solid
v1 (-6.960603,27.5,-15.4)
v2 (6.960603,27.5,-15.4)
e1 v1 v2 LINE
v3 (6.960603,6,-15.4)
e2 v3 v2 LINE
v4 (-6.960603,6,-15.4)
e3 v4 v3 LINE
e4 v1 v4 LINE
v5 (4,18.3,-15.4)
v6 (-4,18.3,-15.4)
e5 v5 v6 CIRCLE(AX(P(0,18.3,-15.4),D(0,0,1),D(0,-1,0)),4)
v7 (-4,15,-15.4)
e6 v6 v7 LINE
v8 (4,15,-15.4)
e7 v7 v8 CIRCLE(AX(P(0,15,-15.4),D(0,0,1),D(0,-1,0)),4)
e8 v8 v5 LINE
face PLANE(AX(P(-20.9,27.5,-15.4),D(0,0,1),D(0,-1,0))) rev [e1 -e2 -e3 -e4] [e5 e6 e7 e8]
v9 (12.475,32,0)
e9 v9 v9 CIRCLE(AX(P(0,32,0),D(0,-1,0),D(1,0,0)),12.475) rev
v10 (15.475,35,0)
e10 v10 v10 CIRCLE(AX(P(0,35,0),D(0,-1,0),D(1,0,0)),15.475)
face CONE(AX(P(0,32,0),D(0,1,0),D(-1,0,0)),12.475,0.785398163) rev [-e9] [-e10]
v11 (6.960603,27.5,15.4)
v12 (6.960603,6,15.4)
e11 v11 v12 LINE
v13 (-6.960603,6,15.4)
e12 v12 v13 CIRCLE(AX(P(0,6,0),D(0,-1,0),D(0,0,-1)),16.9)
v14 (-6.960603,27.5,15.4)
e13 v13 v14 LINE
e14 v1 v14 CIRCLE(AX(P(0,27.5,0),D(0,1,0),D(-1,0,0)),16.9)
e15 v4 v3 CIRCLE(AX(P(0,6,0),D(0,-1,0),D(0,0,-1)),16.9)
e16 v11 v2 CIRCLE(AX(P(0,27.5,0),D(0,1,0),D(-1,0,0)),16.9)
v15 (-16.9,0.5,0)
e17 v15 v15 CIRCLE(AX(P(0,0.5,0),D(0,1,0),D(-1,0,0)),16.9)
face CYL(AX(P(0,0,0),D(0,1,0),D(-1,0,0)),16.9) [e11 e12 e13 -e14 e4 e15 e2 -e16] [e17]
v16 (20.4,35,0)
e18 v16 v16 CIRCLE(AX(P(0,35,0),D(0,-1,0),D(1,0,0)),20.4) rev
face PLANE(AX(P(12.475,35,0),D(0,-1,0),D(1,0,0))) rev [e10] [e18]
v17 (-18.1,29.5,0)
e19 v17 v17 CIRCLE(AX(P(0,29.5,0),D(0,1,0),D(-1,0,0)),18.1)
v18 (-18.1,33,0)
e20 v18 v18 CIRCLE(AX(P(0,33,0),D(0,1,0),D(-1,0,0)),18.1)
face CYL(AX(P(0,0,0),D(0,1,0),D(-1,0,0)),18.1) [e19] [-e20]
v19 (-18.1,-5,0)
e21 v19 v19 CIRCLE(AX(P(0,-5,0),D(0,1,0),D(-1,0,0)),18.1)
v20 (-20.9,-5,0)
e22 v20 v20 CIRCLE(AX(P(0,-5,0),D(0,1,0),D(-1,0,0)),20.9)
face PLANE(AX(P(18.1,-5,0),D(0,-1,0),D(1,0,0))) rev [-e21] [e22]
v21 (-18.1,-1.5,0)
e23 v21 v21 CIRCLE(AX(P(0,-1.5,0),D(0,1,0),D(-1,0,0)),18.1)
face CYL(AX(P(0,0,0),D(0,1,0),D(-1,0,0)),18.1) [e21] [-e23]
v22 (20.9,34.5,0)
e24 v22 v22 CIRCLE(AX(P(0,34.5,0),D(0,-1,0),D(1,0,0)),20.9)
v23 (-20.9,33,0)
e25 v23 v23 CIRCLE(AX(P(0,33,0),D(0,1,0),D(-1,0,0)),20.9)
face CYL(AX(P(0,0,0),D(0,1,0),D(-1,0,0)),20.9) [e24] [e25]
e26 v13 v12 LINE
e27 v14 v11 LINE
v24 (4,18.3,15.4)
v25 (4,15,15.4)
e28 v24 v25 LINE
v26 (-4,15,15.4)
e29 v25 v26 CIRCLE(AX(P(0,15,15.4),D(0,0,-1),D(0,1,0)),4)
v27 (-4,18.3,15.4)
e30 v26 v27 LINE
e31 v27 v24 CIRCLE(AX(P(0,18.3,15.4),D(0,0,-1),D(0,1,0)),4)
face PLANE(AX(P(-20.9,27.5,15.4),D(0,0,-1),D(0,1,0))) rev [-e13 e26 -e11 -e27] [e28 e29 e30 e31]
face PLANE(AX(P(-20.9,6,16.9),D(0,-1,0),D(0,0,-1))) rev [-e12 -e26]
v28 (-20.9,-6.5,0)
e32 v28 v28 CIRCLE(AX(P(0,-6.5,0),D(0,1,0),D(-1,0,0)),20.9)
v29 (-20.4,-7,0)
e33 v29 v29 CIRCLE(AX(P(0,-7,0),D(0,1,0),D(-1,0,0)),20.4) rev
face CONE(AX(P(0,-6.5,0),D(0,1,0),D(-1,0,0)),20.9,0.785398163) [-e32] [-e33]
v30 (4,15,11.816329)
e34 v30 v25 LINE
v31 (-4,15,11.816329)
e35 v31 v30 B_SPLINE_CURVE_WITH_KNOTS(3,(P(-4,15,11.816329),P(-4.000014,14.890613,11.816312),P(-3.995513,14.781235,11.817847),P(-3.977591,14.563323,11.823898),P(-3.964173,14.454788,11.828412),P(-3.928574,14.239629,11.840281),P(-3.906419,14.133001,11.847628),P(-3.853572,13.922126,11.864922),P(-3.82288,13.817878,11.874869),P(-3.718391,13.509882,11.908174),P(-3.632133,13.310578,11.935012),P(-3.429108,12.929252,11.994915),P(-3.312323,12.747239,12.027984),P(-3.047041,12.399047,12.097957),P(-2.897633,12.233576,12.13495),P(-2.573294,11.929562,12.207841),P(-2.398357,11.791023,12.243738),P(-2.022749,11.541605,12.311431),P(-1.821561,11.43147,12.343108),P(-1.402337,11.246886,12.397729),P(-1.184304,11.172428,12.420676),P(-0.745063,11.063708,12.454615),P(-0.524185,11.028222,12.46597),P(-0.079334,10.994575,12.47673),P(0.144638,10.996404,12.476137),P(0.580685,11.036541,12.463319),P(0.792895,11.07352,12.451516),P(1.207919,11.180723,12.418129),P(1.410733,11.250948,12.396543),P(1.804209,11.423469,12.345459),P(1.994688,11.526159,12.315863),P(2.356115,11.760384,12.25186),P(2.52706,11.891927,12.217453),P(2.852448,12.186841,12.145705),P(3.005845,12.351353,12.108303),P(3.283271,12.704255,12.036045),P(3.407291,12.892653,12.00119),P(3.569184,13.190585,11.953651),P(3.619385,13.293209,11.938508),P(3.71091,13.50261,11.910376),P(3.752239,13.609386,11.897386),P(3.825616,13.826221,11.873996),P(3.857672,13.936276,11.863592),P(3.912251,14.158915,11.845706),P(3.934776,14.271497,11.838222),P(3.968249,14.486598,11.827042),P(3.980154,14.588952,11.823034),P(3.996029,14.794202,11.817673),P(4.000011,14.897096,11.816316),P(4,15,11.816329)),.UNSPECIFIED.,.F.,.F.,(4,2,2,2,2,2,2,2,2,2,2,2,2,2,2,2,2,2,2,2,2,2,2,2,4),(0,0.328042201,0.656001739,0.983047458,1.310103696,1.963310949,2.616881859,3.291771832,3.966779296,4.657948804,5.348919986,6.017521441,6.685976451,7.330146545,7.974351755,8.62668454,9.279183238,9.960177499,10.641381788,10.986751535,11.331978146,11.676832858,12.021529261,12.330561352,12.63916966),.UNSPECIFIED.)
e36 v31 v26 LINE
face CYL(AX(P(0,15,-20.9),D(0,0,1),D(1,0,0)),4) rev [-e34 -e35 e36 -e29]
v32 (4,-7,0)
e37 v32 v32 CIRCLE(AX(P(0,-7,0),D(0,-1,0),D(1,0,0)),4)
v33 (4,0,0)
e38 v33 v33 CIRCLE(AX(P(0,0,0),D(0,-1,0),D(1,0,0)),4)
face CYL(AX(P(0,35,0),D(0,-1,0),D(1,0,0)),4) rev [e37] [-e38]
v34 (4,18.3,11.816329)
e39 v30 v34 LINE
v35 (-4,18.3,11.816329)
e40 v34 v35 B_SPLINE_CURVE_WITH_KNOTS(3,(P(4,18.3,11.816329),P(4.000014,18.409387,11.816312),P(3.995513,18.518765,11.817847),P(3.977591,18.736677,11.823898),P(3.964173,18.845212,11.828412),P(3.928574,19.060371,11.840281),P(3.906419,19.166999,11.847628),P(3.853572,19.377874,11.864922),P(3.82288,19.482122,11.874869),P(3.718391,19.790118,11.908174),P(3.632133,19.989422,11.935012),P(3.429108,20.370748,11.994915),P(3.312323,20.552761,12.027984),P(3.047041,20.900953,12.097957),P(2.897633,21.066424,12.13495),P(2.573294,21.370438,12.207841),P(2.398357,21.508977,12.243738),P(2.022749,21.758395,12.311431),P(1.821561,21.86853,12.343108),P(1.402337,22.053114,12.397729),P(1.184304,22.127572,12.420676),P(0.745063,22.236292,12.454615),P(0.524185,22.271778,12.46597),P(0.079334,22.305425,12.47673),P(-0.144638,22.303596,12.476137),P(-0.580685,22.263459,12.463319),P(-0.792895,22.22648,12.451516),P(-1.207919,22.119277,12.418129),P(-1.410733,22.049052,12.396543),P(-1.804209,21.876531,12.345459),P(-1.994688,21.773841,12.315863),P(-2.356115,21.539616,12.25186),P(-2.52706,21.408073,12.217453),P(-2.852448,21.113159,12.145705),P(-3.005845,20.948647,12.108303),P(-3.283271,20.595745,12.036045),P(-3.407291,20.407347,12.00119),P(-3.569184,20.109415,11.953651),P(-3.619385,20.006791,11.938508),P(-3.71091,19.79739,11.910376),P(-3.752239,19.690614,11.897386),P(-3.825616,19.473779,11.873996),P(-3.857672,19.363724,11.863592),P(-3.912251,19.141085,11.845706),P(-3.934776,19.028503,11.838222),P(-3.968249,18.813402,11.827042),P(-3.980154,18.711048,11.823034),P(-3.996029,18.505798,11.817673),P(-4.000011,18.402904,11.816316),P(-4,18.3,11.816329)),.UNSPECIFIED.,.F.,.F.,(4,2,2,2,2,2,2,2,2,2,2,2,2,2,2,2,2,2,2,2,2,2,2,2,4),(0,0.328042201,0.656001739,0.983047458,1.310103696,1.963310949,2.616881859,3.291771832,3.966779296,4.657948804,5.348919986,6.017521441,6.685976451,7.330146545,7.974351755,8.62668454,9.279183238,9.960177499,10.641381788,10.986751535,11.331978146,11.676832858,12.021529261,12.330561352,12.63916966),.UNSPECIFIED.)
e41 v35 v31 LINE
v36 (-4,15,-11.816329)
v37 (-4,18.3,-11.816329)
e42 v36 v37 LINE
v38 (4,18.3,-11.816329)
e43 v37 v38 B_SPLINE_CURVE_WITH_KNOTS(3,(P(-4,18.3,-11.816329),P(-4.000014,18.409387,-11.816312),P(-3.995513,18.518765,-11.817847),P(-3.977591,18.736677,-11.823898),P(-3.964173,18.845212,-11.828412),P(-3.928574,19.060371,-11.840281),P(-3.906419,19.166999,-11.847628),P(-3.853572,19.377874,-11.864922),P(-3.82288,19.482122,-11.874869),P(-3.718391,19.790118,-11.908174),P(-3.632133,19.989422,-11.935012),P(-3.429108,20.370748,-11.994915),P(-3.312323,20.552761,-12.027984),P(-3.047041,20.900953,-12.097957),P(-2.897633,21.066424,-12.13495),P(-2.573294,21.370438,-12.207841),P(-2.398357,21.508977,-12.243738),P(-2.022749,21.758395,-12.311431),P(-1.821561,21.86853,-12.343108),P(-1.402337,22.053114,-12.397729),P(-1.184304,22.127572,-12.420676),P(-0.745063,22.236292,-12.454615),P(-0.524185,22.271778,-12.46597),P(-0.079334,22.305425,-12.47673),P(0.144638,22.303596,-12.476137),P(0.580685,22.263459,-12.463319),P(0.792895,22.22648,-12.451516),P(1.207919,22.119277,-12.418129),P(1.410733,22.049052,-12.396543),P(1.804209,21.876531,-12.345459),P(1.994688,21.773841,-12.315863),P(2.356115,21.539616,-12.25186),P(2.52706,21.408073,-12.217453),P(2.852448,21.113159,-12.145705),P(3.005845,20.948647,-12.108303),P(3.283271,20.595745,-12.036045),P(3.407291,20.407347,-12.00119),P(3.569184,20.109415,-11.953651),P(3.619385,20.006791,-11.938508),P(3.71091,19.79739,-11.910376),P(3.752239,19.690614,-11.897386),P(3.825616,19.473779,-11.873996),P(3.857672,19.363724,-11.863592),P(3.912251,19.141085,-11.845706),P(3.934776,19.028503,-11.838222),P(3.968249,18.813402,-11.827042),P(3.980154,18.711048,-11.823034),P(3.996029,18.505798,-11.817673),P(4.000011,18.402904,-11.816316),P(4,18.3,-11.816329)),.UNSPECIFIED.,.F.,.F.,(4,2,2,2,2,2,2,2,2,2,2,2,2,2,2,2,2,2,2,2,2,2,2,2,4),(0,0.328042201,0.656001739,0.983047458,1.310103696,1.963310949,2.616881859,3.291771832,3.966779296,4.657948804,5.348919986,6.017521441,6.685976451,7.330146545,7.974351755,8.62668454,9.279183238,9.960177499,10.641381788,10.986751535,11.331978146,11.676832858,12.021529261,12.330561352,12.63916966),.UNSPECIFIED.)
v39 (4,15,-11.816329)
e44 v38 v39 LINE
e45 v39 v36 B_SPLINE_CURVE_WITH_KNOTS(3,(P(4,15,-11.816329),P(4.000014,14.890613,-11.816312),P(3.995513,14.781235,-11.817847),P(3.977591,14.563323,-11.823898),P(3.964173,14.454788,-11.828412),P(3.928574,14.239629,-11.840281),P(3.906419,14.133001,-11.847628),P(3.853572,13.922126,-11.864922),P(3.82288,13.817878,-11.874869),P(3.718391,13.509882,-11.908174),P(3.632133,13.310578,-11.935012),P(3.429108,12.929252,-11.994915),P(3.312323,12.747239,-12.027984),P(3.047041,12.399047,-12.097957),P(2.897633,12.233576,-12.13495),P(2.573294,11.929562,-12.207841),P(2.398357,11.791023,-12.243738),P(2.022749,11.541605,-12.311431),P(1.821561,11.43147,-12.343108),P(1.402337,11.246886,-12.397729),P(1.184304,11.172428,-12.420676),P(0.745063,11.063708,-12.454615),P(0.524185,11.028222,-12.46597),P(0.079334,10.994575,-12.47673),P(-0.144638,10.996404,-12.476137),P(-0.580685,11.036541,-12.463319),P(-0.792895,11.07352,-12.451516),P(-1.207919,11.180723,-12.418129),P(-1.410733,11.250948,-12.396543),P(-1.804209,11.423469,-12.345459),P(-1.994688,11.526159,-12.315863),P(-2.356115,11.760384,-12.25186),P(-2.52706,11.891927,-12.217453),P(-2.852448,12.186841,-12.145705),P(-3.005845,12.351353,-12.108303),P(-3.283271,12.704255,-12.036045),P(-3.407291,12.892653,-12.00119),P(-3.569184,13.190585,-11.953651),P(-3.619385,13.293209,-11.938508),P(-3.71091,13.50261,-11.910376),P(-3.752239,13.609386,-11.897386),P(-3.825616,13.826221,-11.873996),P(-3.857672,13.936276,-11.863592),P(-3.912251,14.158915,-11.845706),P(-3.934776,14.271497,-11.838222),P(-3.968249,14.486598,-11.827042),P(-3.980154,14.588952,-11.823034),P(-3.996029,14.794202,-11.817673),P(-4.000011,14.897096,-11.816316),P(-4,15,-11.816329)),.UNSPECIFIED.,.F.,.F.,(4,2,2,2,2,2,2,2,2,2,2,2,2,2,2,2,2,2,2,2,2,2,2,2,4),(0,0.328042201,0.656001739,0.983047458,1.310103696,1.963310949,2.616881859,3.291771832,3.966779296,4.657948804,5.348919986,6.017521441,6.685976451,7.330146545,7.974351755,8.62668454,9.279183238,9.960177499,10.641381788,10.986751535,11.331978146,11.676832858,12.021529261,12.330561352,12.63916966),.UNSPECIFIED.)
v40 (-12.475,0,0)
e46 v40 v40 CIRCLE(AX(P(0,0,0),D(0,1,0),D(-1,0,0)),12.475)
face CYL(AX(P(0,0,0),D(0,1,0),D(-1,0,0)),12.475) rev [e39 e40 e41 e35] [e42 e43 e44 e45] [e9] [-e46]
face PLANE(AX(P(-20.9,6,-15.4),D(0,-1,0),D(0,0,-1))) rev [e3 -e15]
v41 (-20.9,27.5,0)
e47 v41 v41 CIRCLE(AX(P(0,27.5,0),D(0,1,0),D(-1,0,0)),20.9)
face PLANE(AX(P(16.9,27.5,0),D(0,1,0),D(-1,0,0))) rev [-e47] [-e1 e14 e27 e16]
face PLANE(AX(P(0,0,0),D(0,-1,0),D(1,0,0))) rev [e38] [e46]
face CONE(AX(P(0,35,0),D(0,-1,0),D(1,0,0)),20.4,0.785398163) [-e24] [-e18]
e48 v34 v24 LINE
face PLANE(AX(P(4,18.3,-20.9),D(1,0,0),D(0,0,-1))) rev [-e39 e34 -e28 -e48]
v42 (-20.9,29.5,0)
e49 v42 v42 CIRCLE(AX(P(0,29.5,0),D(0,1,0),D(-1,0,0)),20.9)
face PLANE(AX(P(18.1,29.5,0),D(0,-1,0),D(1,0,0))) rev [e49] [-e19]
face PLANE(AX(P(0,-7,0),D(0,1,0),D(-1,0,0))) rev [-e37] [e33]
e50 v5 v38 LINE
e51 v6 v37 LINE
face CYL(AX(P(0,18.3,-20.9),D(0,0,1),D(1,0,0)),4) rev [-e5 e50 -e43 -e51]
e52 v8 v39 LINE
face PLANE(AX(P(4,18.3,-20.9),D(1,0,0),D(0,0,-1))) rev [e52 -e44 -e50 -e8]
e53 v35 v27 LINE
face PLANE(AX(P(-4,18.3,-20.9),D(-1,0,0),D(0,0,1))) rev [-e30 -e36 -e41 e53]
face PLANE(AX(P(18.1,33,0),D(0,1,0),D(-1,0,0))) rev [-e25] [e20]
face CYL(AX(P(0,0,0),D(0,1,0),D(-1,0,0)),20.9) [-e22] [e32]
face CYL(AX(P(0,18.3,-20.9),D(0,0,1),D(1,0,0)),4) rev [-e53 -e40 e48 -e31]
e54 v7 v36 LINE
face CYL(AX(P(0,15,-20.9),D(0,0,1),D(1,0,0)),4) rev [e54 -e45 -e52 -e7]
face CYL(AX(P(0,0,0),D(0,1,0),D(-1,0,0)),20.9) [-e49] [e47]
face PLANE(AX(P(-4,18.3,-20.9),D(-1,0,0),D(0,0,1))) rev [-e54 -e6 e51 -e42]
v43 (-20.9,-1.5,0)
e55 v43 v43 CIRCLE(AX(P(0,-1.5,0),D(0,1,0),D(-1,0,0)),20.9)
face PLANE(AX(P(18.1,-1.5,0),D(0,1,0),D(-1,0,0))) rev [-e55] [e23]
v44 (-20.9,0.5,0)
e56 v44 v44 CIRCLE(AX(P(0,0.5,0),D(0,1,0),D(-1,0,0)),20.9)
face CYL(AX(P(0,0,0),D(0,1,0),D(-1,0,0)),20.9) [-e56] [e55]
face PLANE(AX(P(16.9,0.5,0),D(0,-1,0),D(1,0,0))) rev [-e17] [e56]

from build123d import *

# Parameters (mm, degrees)
CHAMFER1_SIZE           = 3
CHAMFER2_SIZE           = 0.5
SKETCH2_R               = 4
CUT_EXTRUDE1_DEPTH      = 43
SKETCH3_W               = 1.5
SKETCH3_H               = 21.5
CUT_EXTRUDE2_DEPTH      = 21.9
CUT_EXTRUDE2_DEPTH_BACK = 21.9
CUT_EXTRUDE3_DEPTH      = 6.5
CUT_EXTRUDE3_DEPTH_BACK = 37.3


with BuildPart() as part:
    # Sketch1 → Revolve1 (revolve)
    with BuildSketch(Plane.XY, mode=Mode.PRIVATE) as revolve1_sk:
        Polygon((0, 0), (12.475, 0), (12.475, 35), (20.9, 35), (20.9, 33), (18.1, 33), (18.1, 29.5), (20.9, 29.5), (20.9, 27.5), (16.9, 27.5), (16.9, 0.5), (20.9, 0.5), (20.9, -1.5), (18.1, -1.5), (18.1, -5), (20.9, -5), (20.9, -7), (0, -7), align=None)
    revolve(revolve1_sk.sketch.rotate(Axis((0, 0, 0), (0, -1, 0)), 180), axis=Axis((0, 0, 0), (0, -1, 0)))  # turned: the seam where the file's is

    # Chamfer1
    chamfer1_edges = [part.edges().sort_by_distance(p)[0] for p in [
        (12.475, 35, 0),
    ]]
    chamfer(chamfer1_edges, length=CHAMFER1_SIZE)

    # Chamfer2
    chamfer2_edges = [part.edges().sort_by_distance(p)[0] for p in [
        (20.9, 35, 0),
        (20.9, -7, 0),
    ]]
    chamfer(chamfer2_edges, length=CHAMFER2_SIZE)

    # Sketch2 → Cut-Extrude1 (cut, through all)
    with BuildSketch(Plane.XZ.offset(7)):
        Circle(SKETCH2_R)
    extrude(amount=-CUT_EXTRUDE1_DEPTH, mode=Mode.SUBTRACT)

    # Sketch3 → Cut-Extrude2 (cut, two sides)
    with BuildSketch(Plane(origin=(0, 0, 0), x_dir=(0, 0, -1), z_dir=(1, 0, 0))) as cut_extrude2_sk:
        with Locations((16.15, 16.75)):
            Rectangle(SKETCH3_W, SKETCH3_H)
        with Locations((-16.15, 16.75)):
            Rectangle(SKETCH3_W, SKETCH3_H)
    extrude(amount=CUT_EXTRUDE2_DEPTH, mode=Mode.SUBTRACT)
    extrude(cut_extrude2_sk.sketch, amount=-CUT_EXTRUDE2_DEPTH_BACK, mode=Mode.SUBTRACT)

    # Sketch4 → Cut-Extrude3 (cut, two sides)
    with BuildSketch(Plane.XY.offset(15.4)) as cut_extrude3_sk:
        with BuildLine():
            Line((4, 18.3), (4, 15))
            ThreePointArc((4, 15), (0, 11), (-4, 15))
            Line((-4, 15), (-4, 18.3))
            ThreePointArc((-4, 18.3), (0, 22.3), (4, 18.3))
        make_face()
    extrude(amount=CUT_EXTRUDE3_DEPTH, mode=Mode.SUBTRACT)
    extrude(cut_extrude3_sk.sketch, amount=-CUT_EXTRUDE3_DEPTH_BACK, mode=Mode.SUBTRACT)


solid = part.part
